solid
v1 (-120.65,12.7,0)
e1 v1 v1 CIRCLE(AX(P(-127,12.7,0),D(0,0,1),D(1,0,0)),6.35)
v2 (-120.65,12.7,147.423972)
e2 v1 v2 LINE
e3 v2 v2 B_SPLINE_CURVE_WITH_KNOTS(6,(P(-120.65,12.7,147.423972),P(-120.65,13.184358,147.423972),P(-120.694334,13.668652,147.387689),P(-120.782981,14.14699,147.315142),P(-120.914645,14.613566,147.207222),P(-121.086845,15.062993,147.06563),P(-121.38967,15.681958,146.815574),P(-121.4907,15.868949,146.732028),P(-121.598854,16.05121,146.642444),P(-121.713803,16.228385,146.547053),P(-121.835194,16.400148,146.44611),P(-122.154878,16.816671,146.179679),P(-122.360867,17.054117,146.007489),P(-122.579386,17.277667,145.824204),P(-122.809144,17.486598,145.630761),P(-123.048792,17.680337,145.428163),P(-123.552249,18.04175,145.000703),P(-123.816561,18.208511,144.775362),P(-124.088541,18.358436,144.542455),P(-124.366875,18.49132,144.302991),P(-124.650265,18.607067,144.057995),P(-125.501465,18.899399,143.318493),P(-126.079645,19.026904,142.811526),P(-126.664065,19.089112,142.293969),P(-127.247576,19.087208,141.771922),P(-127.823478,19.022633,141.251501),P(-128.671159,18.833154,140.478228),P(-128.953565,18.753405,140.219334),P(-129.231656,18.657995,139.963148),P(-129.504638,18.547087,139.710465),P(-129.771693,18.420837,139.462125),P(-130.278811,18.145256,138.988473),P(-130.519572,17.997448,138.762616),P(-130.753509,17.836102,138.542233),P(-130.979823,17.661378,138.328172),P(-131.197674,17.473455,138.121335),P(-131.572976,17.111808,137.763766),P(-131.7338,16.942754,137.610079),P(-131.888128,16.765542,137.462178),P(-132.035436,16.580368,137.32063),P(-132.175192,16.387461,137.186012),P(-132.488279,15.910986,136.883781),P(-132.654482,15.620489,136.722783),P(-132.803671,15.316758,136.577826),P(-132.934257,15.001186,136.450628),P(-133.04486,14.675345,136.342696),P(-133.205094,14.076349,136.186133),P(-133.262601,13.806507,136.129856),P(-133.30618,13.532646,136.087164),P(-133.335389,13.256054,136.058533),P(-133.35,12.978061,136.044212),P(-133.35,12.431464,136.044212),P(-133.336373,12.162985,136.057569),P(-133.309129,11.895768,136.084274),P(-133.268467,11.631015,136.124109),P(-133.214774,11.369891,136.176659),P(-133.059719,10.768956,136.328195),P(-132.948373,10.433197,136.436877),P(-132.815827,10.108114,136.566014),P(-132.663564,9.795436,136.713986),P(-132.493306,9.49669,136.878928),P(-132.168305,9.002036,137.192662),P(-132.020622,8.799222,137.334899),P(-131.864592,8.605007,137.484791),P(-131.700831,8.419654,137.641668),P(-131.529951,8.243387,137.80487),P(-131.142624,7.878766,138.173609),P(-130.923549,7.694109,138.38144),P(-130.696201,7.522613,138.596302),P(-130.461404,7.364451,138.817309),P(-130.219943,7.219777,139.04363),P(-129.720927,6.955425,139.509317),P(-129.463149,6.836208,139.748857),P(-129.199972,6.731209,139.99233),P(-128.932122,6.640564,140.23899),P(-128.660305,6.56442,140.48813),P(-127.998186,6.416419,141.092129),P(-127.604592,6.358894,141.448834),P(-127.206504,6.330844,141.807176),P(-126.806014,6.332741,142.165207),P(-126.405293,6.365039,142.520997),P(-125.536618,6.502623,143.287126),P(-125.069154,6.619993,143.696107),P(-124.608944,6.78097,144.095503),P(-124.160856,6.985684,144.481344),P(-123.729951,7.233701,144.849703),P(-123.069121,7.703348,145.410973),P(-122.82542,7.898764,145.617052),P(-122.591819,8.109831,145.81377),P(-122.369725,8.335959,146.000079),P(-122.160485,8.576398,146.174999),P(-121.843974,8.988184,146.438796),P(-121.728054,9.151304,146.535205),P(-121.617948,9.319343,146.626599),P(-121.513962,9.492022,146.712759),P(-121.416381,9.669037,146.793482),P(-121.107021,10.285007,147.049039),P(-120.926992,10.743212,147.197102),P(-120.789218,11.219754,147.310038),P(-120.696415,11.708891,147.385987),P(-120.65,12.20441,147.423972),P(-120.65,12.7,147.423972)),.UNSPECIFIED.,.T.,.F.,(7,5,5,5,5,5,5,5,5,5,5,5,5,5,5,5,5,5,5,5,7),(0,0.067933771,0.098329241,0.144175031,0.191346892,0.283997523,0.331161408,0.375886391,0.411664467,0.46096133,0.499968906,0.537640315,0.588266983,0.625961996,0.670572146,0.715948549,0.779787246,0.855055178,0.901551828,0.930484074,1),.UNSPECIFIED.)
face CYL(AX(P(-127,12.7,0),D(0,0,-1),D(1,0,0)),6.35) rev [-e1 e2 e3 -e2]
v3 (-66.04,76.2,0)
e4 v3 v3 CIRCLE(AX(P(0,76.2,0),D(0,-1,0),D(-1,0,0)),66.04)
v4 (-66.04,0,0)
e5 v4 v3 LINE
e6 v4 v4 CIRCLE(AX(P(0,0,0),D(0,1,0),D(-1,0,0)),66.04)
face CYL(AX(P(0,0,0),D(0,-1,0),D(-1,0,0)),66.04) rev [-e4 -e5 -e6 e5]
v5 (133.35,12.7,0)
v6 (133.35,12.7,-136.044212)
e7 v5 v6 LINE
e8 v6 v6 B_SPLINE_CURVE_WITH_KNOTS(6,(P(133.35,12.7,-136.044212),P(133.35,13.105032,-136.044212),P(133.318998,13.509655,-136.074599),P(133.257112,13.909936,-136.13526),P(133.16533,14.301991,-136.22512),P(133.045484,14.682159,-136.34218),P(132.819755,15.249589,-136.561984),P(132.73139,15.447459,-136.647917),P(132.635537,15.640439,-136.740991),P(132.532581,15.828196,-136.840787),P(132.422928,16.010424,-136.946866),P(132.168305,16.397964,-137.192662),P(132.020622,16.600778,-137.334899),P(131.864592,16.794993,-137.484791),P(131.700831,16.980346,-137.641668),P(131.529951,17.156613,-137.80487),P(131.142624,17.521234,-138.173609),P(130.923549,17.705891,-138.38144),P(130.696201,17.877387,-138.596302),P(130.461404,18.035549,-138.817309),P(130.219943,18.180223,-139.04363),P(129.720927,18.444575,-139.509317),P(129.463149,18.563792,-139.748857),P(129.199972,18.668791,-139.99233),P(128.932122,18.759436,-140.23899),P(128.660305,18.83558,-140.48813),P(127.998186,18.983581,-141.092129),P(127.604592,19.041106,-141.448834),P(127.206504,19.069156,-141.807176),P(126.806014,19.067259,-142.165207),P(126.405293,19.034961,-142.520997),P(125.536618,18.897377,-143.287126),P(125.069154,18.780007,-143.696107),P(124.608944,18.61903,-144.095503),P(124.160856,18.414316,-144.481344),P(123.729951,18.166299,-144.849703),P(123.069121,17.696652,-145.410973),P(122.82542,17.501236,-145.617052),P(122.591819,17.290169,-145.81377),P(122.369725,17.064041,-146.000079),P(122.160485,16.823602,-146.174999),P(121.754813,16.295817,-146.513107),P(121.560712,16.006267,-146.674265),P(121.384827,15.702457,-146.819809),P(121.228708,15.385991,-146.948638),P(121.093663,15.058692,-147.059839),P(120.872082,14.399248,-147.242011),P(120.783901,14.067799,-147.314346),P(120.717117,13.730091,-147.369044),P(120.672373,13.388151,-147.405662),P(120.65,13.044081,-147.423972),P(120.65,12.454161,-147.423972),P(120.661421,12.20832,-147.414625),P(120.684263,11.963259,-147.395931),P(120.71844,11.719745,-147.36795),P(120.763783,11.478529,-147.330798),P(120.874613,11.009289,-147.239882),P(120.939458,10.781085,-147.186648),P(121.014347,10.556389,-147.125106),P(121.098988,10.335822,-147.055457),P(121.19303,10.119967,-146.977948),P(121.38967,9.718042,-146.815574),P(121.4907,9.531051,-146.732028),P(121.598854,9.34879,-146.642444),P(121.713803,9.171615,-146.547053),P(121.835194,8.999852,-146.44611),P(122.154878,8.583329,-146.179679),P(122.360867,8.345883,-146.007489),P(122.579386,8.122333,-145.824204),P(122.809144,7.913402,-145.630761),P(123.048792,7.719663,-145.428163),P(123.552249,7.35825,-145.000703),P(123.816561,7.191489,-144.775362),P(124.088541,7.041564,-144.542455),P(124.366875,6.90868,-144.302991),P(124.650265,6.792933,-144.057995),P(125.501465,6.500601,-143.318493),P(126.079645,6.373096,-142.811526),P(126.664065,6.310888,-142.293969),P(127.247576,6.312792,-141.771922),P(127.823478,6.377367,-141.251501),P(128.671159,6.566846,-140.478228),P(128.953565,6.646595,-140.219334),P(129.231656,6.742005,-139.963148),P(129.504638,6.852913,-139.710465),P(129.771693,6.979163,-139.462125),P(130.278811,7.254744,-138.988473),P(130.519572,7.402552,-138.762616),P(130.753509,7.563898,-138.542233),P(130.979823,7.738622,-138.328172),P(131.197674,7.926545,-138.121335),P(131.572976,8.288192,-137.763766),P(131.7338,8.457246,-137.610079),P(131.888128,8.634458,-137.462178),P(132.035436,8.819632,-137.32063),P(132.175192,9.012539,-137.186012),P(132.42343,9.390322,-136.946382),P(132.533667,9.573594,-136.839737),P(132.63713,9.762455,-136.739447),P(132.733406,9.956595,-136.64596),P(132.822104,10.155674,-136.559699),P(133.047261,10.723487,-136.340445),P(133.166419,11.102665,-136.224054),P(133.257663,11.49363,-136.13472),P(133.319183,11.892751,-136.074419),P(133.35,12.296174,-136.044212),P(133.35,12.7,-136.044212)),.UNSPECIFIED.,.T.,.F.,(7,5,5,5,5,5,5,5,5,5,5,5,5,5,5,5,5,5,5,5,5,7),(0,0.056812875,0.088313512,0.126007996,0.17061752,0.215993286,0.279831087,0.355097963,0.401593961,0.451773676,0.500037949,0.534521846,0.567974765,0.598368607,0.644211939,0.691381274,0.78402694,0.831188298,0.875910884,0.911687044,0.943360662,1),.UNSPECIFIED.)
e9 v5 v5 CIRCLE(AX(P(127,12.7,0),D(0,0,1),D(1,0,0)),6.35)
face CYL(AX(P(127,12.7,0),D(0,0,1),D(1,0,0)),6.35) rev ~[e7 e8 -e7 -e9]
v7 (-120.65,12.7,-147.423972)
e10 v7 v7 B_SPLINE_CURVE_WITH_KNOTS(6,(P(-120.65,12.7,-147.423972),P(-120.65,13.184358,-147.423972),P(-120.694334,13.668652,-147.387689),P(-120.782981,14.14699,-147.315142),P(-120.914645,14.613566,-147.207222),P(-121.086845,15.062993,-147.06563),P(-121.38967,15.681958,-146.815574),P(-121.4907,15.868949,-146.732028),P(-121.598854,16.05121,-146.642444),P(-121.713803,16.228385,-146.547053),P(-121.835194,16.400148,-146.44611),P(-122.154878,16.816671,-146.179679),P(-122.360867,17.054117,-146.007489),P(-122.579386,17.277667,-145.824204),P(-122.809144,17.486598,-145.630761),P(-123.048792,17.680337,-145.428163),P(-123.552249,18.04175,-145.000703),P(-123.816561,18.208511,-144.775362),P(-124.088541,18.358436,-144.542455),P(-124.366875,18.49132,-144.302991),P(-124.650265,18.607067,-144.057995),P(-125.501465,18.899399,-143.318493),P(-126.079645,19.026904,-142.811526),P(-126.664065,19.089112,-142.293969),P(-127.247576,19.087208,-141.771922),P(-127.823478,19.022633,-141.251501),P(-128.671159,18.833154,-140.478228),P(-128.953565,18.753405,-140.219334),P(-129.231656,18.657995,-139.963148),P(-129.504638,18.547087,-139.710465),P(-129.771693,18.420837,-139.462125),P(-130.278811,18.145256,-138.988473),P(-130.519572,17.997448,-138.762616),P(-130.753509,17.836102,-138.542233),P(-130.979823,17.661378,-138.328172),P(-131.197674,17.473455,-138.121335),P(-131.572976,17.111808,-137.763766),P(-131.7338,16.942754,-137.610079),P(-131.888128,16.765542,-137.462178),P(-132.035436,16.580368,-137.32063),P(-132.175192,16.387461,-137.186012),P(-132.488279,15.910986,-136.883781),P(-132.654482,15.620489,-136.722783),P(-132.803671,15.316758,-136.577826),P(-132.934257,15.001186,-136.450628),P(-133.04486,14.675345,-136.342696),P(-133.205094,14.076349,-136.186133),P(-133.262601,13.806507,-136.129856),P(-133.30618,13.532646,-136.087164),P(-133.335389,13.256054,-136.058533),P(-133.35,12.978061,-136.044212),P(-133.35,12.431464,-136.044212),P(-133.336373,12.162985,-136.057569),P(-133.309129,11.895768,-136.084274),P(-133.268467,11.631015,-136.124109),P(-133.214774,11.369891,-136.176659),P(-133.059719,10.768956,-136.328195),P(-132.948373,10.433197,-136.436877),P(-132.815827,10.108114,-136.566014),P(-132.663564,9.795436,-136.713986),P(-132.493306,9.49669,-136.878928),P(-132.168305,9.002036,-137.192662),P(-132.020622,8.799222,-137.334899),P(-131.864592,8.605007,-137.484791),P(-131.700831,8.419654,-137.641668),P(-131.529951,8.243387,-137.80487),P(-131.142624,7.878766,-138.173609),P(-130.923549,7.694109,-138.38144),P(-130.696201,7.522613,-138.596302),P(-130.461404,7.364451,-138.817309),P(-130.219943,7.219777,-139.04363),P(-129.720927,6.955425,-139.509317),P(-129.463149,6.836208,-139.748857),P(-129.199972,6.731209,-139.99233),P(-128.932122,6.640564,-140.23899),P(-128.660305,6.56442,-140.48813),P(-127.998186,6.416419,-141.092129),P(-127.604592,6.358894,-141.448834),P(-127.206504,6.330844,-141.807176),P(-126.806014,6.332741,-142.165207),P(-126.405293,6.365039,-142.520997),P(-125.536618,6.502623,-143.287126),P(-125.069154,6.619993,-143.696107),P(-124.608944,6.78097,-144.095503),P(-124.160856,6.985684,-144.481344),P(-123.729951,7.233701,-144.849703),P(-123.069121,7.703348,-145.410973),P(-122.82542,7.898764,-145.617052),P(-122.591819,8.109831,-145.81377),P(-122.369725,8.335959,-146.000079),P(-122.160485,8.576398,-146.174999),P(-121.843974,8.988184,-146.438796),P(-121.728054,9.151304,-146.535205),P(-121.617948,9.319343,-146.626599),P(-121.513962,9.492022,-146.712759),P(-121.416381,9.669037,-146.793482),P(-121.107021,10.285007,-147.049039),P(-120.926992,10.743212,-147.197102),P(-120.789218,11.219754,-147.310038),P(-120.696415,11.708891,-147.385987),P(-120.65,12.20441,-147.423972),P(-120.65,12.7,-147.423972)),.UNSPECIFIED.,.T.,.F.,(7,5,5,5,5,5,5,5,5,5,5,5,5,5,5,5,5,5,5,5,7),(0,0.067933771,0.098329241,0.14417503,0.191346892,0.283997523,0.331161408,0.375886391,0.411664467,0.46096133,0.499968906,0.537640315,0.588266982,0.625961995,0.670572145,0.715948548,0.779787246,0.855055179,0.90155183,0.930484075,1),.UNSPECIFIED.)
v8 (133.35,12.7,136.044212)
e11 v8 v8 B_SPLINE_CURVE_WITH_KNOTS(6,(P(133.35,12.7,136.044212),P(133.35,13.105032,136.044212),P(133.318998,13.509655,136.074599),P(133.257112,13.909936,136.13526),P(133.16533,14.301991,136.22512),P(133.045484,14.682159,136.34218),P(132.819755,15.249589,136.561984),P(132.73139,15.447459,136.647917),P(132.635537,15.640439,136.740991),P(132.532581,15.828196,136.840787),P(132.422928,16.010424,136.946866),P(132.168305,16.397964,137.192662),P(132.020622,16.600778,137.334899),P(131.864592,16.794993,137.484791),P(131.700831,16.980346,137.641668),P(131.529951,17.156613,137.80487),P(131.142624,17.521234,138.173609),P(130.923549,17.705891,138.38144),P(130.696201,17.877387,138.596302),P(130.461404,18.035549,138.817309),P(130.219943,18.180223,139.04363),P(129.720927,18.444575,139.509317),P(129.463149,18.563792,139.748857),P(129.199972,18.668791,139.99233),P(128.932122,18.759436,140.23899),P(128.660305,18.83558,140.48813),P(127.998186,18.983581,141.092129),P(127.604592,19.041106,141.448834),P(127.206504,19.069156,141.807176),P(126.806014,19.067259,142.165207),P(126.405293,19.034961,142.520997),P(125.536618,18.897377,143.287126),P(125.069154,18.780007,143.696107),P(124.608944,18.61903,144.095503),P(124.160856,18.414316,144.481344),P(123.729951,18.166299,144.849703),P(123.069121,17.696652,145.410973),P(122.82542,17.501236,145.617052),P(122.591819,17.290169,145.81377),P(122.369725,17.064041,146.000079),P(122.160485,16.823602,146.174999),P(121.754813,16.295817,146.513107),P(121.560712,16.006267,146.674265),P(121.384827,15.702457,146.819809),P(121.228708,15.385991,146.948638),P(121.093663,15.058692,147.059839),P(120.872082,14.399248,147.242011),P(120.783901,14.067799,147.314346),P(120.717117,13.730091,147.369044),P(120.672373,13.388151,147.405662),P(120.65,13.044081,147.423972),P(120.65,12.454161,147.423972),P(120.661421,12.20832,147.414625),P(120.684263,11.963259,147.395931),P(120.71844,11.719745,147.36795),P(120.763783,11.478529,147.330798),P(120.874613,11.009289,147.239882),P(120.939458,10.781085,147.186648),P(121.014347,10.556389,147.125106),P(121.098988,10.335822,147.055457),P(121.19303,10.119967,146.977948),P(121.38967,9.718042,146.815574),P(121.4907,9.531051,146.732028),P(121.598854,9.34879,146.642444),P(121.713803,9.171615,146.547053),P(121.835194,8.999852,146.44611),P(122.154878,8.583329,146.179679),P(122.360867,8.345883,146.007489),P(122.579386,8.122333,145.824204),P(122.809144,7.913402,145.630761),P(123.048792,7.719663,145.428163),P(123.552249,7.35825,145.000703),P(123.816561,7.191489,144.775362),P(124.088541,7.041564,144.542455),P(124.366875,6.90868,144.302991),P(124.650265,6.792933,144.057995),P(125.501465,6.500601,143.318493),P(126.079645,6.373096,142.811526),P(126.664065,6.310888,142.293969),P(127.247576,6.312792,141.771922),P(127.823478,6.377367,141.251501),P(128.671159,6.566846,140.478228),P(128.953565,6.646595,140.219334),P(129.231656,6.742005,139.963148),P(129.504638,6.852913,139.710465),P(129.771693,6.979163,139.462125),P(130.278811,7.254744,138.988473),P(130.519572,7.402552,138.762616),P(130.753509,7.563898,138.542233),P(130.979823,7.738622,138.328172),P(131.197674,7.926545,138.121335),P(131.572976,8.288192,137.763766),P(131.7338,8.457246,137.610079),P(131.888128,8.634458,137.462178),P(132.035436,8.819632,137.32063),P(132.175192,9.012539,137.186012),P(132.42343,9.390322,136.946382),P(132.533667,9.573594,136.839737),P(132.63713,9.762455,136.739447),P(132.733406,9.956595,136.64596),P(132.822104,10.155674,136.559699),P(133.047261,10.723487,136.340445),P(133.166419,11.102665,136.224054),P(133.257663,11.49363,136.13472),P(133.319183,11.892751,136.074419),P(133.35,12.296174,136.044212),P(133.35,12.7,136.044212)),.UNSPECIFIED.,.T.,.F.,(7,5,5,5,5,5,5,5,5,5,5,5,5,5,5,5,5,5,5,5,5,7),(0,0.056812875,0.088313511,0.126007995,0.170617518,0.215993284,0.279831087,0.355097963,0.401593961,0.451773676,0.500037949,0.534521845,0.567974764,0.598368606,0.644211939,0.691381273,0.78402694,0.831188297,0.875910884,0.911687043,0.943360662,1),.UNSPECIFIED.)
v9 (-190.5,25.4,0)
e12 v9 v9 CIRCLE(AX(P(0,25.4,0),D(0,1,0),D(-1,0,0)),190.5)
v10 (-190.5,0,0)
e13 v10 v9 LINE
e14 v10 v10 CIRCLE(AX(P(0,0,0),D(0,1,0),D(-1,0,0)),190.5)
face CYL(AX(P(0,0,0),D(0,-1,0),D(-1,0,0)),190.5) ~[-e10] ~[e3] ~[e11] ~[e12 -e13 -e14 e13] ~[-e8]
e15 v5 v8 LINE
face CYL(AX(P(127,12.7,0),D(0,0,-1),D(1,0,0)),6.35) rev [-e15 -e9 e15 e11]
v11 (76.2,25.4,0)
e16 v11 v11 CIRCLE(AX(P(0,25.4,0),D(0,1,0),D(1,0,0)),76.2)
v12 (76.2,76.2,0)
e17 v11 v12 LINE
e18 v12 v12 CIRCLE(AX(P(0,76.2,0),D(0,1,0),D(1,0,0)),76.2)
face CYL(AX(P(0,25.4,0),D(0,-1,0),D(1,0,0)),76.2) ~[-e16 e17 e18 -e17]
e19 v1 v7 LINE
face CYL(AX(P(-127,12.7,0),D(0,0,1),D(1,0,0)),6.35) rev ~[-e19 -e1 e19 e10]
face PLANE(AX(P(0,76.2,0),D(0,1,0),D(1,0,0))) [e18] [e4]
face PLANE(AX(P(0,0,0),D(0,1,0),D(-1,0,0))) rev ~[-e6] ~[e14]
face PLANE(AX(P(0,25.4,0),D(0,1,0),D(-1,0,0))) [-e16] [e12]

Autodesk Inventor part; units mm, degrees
ref_plane "YZ Plane" through (0, 0, 0) normal (1, 0, 0) x (0, 1, 0)
ref_plane "XZ Plane" through (0, 0, 0) normal (0, 1, 0) x (-1, 0, 0)
ref_plane "XY Plane" through (0, 0, 0) normal (0, 0, 1) x (1, 0, 0)
sketch "Sketch1" plane through (0, 0, 0) normal (0, 1, 0) x (-1, 0, 0)
  circle A0 centre (0, 0) radius 190.5
  dimension "d0" = 381
extrude "Extrusion1" add sketch "Sketch1" along normal blind 25.4
sketch "Sketch2" plane through (0, 25.4, 0) normal (0, 1, 0) x (1, 0, 0)
  circle A0 centre (0, 0) radius 76.2
  dimension "d3" = 152.4
extrude "Extrusion2" add sketch "Sketch2" along normal blind 50.8
sketch "Sketch3" plane through (0, 0, 0) normal (0, 1, 0) x (-1, 0, 0)
  circle A0 centre (0, 0) radius 66.04
  dimension "d6" = 132.08
extrude "Extrusion3" cut sketch "Sketch3" along normal up to next
sketch "Sketch10" plane through (0, 0, 0) normal (0, 0, 1) x (1, 0, 0)
  line L0 (25.4, 12.7) -> (-25.4, 12.7) projected
  circle A0 centre (127, 12.7) radius 6.35
  circle A1 centre (-127, 12.7) radius 6.35
  point P0 (0, 0)
  dimension "d37" = 12.7
  dimension "d38" = 12.7
  dimension "d41" = 254
extrude "Extrusion10" cut sketch "Sketch10" along normal mid plane 508
properties part number "Top1"
